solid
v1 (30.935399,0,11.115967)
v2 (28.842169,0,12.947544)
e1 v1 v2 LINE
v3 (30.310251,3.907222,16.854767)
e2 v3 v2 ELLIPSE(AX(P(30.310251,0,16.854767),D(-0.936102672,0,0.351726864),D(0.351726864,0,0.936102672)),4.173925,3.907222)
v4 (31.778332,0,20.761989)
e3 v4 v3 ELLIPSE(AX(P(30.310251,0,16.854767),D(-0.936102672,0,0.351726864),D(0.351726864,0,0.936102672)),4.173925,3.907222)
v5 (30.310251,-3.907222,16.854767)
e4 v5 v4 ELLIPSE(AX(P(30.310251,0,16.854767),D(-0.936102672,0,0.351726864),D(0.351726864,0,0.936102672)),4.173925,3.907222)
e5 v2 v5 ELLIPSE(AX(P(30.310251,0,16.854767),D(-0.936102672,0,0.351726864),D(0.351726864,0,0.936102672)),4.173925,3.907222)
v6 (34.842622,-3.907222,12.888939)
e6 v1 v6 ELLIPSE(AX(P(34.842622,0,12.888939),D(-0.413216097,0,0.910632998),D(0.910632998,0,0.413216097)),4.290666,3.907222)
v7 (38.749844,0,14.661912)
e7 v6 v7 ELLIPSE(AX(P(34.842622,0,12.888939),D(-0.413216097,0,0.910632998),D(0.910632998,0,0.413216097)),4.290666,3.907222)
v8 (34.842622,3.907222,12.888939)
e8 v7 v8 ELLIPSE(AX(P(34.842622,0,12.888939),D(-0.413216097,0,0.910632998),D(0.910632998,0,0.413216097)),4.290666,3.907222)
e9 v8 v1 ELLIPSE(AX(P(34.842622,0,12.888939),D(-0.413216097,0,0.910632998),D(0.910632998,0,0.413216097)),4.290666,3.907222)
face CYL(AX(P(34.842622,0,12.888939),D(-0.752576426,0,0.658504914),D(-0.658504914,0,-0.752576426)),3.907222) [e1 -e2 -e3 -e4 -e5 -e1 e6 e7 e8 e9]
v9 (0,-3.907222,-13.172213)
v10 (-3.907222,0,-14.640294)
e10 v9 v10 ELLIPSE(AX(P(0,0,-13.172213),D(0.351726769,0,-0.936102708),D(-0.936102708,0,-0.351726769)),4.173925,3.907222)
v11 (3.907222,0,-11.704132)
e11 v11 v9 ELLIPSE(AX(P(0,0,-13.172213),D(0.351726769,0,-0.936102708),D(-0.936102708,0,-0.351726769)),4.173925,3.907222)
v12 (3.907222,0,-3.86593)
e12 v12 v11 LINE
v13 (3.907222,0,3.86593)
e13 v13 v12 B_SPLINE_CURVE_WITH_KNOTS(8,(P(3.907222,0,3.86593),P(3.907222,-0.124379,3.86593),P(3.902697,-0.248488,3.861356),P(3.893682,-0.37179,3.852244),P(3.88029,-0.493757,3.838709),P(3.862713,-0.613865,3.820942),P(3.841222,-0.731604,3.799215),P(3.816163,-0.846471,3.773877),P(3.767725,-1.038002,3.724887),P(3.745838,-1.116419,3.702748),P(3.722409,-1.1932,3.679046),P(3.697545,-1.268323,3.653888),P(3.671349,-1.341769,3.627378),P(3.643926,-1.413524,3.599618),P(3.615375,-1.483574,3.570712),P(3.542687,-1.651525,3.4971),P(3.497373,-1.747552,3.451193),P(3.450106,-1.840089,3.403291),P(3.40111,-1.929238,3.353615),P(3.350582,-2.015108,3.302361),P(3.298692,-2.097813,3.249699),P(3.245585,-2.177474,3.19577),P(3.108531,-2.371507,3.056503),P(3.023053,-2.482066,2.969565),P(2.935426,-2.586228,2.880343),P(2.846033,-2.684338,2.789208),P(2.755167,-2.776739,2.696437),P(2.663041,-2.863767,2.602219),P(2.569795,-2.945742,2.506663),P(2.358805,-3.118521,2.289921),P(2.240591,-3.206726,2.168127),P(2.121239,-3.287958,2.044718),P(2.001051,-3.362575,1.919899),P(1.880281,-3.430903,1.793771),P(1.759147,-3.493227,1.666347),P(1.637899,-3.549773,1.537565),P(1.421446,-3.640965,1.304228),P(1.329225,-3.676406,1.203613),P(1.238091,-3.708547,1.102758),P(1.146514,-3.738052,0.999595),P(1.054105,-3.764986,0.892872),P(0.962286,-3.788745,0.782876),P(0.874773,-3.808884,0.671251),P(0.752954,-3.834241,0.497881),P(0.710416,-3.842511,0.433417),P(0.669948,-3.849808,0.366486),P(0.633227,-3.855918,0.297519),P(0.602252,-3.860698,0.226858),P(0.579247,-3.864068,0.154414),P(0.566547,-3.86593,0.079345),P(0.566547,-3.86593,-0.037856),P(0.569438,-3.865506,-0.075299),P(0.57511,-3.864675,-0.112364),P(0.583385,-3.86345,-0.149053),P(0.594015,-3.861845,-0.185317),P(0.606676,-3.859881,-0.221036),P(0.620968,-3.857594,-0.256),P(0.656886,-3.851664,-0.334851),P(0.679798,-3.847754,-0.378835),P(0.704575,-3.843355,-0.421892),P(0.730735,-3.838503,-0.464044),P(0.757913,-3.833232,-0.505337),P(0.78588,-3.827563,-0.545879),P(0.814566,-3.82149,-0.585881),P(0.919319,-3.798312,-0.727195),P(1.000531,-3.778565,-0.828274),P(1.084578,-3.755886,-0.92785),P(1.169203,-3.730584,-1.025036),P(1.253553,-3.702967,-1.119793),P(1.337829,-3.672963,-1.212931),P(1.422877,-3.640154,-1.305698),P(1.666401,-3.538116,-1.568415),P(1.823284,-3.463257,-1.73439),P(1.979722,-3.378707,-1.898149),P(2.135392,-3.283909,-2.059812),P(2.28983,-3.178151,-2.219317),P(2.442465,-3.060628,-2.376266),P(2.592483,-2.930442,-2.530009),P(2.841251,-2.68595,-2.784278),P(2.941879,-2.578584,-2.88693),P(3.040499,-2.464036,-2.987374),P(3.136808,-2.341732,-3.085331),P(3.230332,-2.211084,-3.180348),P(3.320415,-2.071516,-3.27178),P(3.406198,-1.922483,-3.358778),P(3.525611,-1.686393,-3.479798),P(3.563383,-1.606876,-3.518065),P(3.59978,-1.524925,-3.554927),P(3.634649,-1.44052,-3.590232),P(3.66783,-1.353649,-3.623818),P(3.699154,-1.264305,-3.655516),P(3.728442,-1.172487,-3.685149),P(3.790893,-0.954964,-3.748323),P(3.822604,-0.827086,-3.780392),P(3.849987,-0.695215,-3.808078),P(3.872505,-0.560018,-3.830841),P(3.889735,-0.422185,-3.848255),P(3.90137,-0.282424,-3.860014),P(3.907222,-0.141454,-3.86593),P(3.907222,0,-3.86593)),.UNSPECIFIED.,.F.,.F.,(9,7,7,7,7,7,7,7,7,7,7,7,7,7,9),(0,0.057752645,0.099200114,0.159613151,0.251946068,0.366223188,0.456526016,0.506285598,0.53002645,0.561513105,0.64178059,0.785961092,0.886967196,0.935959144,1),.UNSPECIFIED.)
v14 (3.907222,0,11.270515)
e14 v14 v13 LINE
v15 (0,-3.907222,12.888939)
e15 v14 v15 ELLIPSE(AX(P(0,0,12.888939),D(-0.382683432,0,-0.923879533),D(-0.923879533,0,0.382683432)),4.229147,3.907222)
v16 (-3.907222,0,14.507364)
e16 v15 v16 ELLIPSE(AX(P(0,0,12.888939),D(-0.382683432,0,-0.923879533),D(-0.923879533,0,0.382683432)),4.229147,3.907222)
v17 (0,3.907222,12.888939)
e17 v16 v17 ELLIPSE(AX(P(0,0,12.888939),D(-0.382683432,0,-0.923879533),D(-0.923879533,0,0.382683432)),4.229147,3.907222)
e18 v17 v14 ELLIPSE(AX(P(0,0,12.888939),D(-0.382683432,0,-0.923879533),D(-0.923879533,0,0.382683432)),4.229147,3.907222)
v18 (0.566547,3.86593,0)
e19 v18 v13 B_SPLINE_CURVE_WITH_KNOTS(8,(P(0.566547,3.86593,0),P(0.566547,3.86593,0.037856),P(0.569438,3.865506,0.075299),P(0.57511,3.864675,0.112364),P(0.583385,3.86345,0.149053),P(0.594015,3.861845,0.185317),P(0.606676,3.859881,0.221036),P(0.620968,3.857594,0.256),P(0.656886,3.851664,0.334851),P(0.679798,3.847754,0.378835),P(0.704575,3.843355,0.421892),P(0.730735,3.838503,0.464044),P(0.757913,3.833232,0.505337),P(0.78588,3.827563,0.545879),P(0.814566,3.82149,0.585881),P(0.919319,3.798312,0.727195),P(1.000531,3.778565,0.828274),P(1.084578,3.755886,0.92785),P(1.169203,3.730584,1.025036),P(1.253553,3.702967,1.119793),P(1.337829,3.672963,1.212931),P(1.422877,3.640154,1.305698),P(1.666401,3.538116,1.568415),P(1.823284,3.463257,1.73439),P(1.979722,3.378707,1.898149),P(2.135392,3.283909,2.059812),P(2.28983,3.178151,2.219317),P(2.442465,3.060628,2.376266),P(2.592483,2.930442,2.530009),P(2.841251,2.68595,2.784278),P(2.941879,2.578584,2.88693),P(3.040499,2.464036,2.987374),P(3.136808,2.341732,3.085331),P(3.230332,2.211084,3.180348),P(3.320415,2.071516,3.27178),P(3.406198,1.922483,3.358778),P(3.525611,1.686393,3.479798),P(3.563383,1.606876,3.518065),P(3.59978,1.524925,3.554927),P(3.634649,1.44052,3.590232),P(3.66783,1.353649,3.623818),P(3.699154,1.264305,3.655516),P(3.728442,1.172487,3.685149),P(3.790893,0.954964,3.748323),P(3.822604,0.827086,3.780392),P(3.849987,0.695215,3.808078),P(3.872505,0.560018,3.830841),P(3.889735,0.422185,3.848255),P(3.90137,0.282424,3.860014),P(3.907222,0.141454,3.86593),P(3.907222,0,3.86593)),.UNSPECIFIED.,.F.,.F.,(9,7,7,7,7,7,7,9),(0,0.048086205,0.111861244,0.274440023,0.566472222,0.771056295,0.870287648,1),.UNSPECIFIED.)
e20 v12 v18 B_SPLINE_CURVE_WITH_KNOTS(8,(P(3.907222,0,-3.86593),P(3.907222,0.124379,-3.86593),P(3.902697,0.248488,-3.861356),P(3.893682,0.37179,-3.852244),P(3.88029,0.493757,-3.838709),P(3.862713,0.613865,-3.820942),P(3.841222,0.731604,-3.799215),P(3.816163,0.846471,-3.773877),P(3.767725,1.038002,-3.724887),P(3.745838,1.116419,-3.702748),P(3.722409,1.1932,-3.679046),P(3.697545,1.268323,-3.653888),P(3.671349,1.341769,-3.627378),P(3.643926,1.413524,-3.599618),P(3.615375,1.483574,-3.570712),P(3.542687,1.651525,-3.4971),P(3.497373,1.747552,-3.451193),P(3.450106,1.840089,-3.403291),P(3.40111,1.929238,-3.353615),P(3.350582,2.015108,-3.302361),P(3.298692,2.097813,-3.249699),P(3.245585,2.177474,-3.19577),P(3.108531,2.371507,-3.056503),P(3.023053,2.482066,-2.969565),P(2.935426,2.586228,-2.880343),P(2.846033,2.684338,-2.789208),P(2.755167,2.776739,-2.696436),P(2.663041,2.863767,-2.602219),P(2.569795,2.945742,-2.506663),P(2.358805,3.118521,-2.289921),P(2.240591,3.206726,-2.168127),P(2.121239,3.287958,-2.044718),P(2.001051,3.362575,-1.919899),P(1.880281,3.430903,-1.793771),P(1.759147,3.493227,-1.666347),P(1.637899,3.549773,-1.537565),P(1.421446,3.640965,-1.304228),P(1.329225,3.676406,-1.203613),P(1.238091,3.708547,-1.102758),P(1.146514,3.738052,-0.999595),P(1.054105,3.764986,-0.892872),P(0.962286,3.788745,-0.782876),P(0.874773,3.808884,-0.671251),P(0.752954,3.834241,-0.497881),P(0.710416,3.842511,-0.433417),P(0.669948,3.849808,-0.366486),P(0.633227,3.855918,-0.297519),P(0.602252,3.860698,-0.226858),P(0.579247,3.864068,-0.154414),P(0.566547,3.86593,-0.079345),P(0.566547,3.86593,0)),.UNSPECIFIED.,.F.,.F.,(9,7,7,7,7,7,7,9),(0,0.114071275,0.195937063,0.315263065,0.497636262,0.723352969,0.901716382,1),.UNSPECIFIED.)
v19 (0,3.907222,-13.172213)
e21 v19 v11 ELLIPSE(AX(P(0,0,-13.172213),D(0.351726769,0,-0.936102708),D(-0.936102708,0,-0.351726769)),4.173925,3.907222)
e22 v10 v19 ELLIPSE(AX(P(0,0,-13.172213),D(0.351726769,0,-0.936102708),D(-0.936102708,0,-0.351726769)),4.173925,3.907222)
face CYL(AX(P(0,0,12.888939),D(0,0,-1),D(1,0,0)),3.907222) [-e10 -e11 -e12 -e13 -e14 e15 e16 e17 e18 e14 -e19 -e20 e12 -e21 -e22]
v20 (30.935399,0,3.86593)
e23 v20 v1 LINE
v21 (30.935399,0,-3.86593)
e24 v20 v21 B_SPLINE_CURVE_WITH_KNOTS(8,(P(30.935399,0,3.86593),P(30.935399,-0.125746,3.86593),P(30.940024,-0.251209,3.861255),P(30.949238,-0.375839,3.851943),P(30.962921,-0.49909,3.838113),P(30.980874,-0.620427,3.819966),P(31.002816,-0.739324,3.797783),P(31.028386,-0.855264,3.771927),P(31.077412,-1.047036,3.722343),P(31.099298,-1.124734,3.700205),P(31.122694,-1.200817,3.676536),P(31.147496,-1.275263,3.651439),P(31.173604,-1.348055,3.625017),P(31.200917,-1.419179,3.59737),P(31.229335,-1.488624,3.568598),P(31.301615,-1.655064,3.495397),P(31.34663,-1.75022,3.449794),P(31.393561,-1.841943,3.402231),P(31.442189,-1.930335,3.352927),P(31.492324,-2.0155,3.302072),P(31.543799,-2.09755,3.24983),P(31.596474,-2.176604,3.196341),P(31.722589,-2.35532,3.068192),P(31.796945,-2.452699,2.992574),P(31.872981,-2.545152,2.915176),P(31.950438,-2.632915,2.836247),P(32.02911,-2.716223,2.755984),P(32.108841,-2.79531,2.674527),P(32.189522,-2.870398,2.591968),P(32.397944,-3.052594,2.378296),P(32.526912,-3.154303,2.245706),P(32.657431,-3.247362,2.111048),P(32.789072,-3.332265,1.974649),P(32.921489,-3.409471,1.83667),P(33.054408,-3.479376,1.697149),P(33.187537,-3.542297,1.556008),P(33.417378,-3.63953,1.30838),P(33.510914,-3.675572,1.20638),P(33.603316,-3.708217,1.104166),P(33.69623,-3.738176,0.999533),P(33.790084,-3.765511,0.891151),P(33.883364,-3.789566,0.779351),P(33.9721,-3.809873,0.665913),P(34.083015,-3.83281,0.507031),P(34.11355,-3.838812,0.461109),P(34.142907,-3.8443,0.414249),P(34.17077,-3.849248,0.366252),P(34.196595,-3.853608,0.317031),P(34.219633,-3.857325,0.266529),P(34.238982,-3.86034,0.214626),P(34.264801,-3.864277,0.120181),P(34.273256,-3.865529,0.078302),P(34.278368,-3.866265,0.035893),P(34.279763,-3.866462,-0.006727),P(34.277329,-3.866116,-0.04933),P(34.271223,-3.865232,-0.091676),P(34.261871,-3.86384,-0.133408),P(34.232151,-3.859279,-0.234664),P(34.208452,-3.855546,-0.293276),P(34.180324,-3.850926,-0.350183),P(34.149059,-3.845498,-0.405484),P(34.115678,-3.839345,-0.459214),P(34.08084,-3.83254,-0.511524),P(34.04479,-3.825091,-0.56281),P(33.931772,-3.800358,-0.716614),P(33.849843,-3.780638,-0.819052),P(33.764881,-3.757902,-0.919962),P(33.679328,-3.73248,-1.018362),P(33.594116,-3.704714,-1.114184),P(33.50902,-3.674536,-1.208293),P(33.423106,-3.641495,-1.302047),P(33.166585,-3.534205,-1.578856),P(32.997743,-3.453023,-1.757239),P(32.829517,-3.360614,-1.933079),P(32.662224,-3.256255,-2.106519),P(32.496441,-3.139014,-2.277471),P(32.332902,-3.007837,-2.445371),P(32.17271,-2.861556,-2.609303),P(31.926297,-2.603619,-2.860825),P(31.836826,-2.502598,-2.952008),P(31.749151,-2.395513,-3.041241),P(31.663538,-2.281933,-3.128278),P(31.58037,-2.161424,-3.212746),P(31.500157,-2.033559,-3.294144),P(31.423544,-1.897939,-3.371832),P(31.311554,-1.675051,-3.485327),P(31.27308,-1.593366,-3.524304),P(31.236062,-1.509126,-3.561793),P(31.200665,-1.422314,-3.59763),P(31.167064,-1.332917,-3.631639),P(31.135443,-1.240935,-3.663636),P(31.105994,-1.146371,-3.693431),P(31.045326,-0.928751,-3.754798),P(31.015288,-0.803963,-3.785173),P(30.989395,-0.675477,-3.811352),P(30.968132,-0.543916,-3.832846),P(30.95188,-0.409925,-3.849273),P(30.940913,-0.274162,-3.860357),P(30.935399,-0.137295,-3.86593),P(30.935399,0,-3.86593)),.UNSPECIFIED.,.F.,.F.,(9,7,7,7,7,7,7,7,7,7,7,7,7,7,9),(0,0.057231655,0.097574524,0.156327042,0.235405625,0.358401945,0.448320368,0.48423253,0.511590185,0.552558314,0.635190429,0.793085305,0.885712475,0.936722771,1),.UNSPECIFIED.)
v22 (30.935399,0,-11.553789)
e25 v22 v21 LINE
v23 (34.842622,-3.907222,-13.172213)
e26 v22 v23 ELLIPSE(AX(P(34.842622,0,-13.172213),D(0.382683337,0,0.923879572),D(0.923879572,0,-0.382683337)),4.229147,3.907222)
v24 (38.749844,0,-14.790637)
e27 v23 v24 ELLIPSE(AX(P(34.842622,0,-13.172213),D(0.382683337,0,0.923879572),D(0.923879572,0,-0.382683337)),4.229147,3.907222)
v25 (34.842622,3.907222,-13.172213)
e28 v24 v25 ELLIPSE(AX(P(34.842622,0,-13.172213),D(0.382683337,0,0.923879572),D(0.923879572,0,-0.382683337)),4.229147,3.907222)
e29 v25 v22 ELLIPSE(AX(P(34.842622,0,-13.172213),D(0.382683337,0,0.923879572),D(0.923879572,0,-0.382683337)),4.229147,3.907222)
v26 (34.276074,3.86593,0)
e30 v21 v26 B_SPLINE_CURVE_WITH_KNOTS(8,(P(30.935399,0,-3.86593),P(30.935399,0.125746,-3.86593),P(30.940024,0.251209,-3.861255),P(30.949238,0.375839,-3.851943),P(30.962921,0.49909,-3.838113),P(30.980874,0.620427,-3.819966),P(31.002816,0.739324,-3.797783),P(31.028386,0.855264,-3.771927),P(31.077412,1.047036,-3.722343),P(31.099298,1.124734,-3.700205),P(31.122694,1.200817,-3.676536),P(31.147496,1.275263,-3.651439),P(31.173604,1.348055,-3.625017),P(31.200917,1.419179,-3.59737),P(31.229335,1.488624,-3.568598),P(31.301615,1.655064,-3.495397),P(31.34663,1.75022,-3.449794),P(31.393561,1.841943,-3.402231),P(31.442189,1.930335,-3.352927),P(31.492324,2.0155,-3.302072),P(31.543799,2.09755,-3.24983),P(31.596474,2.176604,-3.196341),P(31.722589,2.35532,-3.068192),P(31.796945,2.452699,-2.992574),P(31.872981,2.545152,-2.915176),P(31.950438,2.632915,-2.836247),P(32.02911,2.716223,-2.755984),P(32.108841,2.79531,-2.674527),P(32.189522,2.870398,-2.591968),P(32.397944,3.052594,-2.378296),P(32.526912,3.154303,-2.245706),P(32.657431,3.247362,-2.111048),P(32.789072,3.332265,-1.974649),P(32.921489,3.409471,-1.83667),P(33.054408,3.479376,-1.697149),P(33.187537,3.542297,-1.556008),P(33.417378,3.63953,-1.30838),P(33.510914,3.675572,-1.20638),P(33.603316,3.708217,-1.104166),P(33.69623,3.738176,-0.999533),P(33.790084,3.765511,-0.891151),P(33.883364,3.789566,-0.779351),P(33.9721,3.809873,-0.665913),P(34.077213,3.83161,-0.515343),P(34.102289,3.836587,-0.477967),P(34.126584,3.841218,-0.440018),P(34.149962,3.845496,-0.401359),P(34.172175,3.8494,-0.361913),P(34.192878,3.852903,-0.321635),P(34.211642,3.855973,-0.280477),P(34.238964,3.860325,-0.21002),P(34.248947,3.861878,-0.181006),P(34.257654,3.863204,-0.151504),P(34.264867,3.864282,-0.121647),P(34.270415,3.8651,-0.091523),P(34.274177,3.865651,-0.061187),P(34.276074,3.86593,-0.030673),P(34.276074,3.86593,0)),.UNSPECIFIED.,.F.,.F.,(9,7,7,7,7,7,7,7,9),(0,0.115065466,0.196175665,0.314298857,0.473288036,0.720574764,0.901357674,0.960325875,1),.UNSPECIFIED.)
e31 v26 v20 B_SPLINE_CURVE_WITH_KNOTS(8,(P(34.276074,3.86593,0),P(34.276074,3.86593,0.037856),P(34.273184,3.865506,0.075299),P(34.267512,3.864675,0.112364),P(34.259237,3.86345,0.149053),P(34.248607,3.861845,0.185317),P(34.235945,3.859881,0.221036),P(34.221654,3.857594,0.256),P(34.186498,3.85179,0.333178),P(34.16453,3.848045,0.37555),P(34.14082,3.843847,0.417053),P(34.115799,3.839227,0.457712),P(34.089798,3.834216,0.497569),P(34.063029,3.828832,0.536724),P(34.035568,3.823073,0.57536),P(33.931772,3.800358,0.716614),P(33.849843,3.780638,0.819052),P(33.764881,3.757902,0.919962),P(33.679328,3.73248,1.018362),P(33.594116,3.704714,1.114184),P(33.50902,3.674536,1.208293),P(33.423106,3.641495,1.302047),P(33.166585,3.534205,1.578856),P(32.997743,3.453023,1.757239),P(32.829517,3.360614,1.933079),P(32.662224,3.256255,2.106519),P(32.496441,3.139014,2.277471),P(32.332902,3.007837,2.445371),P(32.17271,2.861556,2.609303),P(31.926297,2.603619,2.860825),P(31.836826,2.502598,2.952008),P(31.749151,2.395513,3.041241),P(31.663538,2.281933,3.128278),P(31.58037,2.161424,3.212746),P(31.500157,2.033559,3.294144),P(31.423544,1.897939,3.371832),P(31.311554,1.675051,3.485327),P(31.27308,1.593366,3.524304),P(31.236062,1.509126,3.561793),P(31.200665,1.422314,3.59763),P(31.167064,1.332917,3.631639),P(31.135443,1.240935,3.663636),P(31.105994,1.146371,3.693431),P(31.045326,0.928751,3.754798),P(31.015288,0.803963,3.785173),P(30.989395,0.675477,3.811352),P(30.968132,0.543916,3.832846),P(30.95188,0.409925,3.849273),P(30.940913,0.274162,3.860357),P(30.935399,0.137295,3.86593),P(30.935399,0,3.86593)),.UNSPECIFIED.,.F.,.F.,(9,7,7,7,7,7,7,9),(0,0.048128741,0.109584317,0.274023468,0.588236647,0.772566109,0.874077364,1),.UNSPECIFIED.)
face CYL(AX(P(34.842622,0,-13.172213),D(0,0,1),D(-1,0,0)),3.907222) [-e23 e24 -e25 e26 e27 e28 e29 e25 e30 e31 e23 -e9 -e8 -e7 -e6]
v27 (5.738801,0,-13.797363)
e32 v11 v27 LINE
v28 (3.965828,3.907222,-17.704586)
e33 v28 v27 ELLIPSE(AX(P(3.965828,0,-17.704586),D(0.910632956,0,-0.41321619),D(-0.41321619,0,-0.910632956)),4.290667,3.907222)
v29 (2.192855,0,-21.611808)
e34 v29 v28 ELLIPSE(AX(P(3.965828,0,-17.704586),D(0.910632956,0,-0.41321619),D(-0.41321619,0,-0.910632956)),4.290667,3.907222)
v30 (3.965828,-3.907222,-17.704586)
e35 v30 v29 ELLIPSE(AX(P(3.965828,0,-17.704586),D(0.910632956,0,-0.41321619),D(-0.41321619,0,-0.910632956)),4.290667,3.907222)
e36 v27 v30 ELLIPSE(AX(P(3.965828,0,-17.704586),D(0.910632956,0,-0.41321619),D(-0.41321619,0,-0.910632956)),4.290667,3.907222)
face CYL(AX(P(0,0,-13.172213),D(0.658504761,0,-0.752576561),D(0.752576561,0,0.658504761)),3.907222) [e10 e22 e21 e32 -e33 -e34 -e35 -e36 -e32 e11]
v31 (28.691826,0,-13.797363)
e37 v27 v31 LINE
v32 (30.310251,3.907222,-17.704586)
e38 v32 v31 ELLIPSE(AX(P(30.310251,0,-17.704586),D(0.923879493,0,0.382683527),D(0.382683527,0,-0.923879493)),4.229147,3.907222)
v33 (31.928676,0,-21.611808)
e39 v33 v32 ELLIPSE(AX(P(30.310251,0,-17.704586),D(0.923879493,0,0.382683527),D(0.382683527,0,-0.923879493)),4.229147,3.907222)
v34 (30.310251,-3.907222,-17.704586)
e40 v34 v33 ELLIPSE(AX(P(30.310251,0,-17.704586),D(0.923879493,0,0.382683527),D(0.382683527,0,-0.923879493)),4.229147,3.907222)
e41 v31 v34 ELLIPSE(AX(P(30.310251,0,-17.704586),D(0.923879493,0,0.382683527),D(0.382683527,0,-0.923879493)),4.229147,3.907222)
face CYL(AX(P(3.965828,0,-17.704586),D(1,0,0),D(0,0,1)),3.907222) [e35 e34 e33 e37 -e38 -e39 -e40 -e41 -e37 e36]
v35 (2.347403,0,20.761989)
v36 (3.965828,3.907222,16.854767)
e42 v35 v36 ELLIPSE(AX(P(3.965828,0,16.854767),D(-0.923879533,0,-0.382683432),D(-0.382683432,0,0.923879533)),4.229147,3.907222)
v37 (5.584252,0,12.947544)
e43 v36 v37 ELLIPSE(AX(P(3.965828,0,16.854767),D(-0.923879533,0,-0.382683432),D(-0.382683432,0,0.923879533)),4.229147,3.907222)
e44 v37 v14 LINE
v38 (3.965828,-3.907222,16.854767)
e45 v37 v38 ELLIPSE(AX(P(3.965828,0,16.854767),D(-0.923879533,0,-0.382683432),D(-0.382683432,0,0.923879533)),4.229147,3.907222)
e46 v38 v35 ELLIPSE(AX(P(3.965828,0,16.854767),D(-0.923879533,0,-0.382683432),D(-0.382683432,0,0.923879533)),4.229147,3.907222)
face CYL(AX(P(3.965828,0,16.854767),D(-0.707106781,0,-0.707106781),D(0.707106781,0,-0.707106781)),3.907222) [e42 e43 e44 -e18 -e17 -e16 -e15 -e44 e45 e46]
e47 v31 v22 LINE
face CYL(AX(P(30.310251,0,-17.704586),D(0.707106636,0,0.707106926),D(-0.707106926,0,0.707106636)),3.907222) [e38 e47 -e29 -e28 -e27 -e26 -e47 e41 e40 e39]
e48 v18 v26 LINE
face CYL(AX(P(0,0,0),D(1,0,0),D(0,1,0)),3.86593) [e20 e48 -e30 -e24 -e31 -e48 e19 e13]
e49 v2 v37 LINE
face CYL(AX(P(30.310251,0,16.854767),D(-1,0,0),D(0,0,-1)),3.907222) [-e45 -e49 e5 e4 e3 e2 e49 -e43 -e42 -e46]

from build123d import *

# Parameters (mm, degrees)
F0_R = 3.9072224072
F3_R = 3.865929534


with BuildPart() as f2:
    # F2: sweep along a path in F1
    with BuildLine(Plane.XZ) as f2_path:
        Line((0, 12.8889391199), (0, 0))
        Line((0, 0), (0, -13.1722129881))
        Line((0, -13.1722129881), (3.9658276364, -17.7045855671))
        Line((3.9658276364, -17.7045855671), (30.3102508187, -17.7045855671))
        Line((30.3102508187, -17.7045855671), (34.8426215351, -13.1722129881))
        Line((34.8426215351, -13.1722129881), (34.8426215351, 0))
        Line((34.8426215351, 0), (34.8426215351, 12.8889391199))
        Line((34.8426215351, 12.8889391199), (30.3102508187, 16.8547667563))
        Line((30.3102508187, 16.8547667563), (3.9658276364, 16.8547667563))
        Line((3.9658276364, 16.8547667563), (0, 12.8889391199))
    # F0 (on Top) → F2 (sweep)
    with BuildSketch(Plane.XY):
        Circle(F0_R)
    sweep(path=f2_path.line, transition=Transition.RIGHT)

    # F5: sweep along a path in F4
    with BuildLine(Plane.XZ) as f5_path:
        Line((0, 0), (35.1259000599, 0))
    # F3 (on Right) → F5 (sweep)
    with BuildSketch(Plane.YZ):
        Circle(F3_R)
    sweep(path=f5_path.line)


solid = f2.part
